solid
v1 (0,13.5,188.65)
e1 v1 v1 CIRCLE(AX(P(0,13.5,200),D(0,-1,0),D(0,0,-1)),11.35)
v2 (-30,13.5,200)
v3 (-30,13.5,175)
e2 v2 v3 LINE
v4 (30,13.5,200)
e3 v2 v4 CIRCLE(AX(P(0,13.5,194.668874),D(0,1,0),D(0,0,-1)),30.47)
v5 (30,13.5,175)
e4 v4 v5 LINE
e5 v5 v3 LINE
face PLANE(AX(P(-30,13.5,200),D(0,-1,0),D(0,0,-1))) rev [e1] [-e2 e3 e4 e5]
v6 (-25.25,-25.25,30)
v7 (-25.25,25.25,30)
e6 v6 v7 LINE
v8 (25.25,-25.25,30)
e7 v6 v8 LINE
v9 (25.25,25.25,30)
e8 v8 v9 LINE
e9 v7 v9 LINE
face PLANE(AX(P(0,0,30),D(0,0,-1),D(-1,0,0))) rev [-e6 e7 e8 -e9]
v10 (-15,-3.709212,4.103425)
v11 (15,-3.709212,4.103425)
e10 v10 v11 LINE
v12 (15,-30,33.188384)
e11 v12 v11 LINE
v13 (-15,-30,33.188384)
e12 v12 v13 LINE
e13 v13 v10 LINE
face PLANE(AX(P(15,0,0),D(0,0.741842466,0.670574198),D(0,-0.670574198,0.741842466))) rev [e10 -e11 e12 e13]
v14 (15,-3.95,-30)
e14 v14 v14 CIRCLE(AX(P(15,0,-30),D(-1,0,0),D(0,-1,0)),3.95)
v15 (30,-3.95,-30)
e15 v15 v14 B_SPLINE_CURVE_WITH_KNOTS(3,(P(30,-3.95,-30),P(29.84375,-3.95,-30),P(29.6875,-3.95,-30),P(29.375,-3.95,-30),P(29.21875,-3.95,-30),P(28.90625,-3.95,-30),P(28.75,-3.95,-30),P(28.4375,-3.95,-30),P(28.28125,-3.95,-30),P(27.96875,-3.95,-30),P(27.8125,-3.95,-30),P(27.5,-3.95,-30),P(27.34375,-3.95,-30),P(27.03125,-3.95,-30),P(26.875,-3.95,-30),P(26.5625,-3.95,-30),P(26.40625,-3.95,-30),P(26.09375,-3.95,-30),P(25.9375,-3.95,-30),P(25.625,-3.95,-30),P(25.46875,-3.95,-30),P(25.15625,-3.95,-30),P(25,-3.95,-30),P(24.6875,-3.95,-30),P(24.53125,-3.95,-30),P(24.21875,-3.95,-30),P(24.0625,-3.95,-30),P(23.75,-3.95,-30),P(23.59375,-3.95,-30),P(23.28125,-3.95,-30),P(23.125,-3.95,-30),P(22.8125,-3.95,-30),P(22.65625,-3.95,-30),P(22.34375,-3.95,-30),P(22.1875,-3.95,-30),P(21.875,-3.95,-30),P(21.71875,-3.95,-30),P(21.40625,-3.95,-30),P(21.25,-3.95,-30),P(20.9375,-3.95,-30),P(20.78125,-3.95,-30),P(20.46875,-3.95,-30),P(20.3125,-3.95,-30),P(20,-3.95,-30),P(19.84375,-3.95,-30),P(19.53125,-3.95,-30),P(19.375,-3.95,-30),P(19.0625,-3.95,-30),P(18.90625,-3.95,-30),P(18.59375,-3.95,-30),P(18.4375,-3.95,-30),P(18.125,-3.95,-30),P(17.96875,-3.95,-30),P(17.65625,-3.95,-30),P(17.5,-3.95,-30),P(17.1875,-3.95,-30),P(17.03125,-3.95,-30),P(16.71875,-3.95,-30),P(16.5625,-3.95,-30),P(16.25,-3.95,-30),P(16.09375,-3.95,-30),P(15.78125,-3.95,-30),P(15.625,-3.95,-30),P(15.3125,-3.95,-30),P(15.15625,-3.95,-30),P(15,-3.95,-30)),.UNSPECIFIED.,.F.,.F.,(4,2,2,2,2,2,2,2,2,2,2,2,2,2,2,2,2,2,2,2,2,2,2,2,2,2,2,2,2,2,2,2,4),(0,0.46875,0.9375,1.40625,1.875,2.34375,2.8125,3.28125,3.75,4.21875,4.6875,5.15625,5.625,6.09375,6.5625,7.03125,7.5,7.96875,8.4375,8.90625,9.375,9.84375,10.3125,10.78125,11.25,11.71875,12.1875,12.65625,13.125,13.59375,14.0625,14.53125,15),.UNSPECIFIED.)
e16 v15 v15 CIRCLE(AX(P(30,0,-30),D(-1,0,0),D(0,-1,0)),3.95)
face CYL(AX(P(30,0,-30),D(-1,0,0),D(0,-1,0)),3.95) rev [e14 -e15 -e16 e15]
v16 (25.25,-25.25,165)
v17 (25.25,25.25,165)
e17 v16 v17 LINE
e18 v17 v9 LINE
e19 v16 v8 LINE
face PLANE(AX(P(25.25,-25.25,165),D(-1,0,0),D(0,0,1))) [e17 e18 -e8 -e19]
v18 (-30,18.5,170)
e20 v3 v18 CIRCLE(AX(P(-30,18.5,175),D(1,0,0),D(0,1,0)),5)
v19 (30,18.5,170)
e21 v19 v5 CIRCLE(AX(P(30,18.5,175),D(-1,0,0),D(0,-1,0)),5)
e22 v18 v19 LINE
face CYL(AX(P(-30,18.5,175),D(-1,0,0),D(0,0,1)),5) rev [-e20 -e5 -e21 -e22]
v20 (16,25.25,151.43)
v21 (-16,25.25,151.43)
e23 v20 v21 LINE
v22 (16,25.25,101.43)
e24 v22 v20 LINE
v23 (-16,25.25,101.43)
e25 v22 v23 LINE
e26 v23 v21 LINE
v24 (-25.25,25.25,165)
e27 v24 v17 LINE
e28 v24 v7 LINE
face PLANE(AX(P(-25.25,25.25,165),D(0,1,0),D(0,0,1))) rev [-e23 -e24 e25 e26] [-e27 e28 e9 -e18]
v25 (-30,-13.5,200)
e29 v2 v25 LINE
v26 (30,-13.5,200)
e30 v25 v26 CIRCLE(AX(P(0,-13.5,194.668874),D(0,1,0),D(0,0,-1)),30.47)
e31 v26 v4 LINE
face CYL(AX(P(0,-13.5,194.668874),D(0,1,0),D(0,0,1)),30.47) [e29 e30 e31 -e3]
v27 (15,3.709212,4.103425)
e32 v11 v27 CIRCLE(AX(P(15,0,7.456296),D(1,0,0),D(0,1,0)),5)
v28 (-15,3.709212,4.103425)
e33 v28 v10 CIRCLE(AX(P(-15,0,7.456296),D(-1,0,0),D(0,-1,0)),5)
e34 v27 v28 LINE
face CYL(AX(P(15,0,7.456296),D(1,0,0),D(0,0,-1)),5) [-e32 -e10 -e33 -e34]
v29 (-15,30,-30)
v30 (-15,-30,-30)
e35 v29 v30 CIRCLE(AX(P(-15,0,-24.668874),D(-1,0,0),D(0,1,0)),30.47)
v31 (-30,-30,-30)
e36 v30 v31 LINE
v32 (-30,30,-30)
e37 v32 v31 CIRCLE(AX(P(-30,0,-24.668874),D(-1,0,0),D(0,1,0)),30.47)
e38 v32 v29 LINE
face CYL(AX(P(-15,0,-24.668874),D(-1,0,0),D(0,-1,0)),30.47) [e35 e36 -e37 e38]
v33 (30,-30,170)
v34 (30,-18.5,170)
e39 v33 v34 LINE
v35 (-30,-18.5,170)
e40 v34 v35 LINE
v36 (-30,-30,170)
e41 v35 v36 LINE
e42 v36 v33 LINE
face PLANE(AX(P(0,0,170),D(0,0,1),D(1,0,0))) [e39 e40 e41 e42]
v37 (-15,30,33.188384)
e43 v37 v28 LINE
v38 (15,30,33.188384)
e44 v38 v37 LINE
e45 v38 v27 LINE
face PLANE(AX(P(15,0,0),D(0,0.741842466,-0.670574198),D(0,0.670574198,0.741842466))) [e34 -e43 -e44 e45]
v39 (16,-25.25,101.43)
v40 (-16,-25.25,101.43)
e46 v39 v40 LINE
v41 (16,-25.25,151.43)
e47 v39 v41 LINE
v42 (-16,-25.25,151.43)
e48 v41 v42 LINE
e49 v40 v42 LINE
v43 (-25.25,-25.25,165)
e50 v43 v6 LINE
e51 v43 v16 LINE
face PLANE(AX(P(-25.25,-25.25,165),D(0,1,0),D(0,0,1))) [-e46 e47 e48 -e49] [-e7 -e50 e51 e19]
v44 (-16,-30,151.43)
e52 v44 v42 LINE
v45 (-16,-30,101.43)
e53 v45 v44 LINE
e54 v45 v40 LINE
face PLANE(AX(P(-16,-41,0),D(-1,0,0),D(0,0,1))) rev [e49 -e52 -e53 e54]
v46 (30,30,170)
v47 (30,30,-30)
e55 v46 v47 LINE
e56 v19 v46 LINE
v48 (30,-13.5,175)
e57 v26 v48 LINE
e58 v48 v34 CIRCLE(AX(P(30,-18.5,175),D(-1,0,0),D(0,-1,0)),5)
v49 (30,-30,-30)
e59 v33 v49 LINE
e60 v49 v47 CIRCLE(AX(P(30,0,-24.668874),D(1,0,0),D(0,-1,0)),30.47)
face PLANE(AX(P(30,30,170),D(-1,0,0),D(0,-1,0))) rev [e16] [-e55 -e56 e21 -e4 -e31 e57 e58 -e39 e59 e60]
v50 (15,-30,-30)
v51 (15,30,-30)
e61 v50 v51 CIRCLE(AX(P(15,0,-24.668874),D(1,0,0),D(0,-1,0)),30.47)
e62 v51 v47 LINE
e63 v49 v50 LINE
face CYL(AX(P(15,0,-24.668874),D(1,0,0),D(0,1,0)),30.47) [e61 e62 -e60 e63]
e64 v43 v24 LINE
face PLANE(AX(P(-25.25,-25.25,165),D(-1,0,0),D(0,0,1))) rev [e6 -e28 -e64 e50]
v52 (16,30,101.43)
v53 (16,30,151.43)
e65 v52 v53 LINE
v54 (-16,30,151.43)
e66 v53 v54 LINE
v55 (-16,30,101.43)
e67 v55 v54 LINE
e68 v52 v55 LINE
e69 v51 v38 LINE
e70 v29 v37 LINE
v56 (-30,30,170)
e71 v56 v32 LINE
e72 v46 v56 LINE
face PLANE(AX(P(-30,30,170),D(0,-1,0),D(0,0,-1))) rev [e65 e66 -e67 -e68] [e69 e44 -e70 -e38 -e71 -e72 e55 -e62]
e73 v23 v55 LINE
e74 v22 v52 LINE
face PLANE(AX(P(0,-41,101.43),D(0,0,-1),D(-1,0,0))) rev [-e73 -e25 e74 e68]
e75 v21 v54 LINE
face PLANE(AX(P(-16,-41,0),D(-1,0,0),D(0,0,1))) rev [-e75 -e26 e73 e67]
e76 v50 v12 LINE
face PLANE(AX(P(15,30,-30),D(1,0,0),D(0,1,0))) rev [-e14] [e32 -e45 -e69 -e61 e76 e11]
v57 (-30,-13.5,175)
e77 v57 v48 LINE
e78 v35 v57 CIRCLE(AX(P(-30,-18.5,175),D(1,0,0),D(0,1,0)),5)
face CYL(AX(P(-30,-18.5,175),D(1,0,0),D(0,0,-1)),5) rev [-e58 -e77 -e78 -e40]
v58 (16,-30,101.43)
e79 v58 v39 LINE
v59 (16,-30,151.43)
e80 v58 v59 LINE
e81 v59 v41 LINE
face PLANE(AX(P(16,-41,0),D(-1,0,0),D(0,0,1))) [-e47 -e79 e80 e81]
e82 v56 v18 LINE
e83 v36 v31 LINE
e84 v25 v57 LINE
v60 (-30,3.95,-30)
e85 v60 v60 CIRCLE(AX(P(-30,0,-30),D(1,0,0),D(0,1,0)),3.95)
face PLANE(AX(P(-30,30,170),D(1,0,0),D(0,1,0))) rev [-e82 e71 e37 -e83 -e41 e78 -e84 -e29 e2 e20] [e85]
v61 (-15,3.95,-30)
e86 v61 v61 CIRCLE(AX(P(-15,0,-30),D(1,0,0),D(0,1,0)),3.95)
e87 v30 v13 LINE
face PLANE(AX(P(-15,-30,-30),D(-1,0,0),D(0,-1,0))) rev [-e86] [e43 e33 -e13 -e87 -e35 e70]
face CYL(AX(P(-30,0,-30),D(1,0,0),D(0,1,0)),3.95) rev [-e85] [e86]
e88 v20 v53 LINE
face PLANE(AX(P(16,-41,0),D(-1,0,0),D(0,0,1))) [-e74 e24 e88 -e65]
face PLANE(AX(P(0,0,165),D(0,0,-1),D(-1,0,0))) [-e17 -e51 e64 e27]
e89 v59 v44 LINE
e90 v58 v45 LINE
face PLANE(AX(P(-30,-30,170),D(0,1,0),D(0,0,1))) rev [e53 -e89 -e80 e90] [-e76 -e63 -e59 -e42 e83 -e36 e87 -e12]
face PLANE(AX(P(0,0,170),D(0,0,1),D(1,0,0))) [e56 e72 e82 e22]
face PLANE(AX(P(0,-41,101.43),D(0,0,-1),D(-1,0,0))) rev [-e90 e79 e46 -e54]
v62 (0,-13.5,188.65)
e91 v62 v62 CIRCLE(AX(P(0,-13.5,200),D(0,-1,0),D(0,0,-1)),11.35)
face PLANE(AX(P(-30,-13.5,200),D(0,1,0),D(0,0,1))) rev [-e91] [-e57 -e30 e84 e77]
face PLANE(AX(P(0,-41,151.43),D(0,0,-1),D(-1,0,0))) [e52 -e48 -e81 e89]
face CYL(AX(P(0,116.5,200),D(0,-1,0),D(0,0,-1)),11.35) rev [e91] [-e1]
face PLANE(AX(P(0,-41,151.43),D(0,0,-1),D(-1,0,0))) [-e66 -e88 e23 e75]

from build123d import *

# Parameters (mm, degrees)
SKETCH2_W               = 60
SKETCH2_H               = 60
BOSS_EXTRUDE1_DEPTH     = 170
SKETCH3_W               = 15
SKETCH3_H               = 60
BOSS_EXTRUDE2_DEPTH     = 30
BOSS_EXTRUDE3_DEPTH     = 15
BOSS_EXTRUDE4_START     = -15
BOSS_EXTRUDE4_DEPTH     = 15
SKETCH6_W               = 60
SKETCH6_H               = 27
BOSS_EXTRUDE5_DEPTH     = 30
BOSS_EXTRUDE6_DEPTH     = 27
CUT_EXTRUDE2_DEPTH      = 5
CUT_EXTRUDE2_DEPTH_BACK = 130
CUT_EXTRUDE2_START      = -10
SKETCH8_W               = 50.5
SKETCH8_H               = 50.5
SKETCH9_R               = 11.35
CUT_EXTRUDE3_DEPTH      = 130
SKETCH11_R              = 3.95
CUT_EXTRUDE4_DEPTH      = 232.543759953
SKETCH12_R              = 3.95
CUT_EXTRUDE5_DEPTH      = 232.543759953
CUT_EXTRUDE7_DEPTH      = 30
FILLET2_R               = 5
FILLET3_R               = 5
SKETCH16_W              = 16
SKETCH16_H              = 11.5
CUT_EXTRUDE8_DEPTH      = 71


with BuildPart() as part:
    # Sketch2 → Boss-Extrude1 (new body)
    with BuildSketch(Plane.XY):
        Rectangle(SKETCH2_W, SKETCH2_H)
    extrude(amount=BOSS_EXTRUDE1_DEPTH)

    # Sketch3 → Boss-Extrude2 (add)
    with BuildSketch(Plane(origin=(0, 0, 0), x_dir=(-1, 0, 0), z_dir=(0, 0, -1))):
        with Locations((22.5, 0)):
            Rectangle(SKETCH3_W, SKETCH3_H)
        with Locations((-22.5, 0)):
            Rectangle(SKETCH3_W, SKETCH3_H)
    extrude(amount=BOSS_EXTRUDE2_DEPTH)

    # Sketch4 → Boss-Extrude3 (add)
    with BuildSketch(Plane(origin=(30, 0, 0), x_dir=(0, 0, -1), z_dir=(1, 0, 0))):
        with BuildLine():
            Line((30, 30), (30, -30))
            ThreePointArc((30, -30), (55.138874415, 0), (30, 30))
        make_face()
    extrude(amount=-BOSS_EXTRUDE3_DEPTH)

    # Sketch5 → Boss-Extrude4 (add)
    with BuildSketch(Plane.ZY.offset(30).offset(BOSS_EXTRUDE4_START)):
        with BuildLine():
            Line((-30, -30), (-30, 30))
            ThreePointArc((-30, 30), (-55.138874415, 0), (-30, -30))
        make_face()
    extrude(amount=BOSS_EXTRUDE4_DEPTH)

    # Sketch6 → Boss-Extrude5 (add)
    with BuildSketch(Plane.XY.offset(170)):
        Rectangle(SKETCH6_W, SKETCH6_H)
    extrude(amount=BOSS_EXTRUDE5_DEPTH)

    # Sketch7 → Boss-Extrude6 (add)
    with BuildSketch(Plane(origin=(0, 13.5, 0), x_dir=(1, 0, 0), z_dir=(0, 1, 0))):
        with BuildLine():
            Line((30, -200), (-30, -200))
            ThreePointArc((-30, -200), (0, -225.138874415), (30, -200))
        make_face()
    extrude(amount=-BOSS_EXTRUDE6_DEPTH)

    # Sketch8 → Cut-Extrude2 (cut, two sides: drawn at the far end of the back side and taken through both)
    with BuildSketch(Plane.XY.offset(170).offset(CUT_EXTRUDE2_START - CUT_EXTRUDE2_DEPTH_BACK)):
        Rectangle(SKETCH8_W, SKETCH8_H)
    extrude(amount=CUT_EXTRUDE2_DEPTH + CUT_EXTRUDE2_DEPTH_BACK, mode=Mode.SUBTRACT)

    # Sketch9 → Cut-Extrude3 (cut)
    with BuildSketch(Plane(origin=(0, -13.5, 0), x_dir=(-1, 0, 0), z_dir=(0, -1, 0))):
        with Locations(Location((0, -200, 0), (0, 0, 90))):
            Circle(SKETCH9_R)
    extrude(amount=-CUT_EXTRUDE3_DEPTH, mode=Mode.SUBTRACT)

    # Sketch11 → Cut-Extrude4 (cut, through all)
    with BuildSketch(Plane.ZY.offset(-15)):
        with Locations(Location((-30, 0, 0), (0, 0, 270))):
            Circle(SKETCH11_R)
    extrude(amount=-CUT_EXTRUDE4_DEPTH, mode=Mode.SUBTRACT)

    # Sketch12 → Cut-Extrude5 (cut, through all)
    with BuildSketch(Plane(origin=(-15, 0, 0), x_dir=(0, 0, -1), z_dir=(1, 0, 0))):
        with Locations(Location((30, 0, 0), (0, 0, 270))):
            Circle(SKETCH12_R)
    extrude(amount=-CUT_EXTRUDE5_DEPTH, mode=Mode.SUBTRACT)

    # Sketch14 → Cut-Extrude7 (cut)
    with BuildSketch(Plane(origin=(-15, 0, 0), x_dir=(0, 0, -1), z_dir=(1, 0, 0))):
        Polygon((0, -30), (0, 0), (-33.188384016, -30), align=None)
        Polygon((-33.188384016, 30), (0, 0), (0, 30), align=None)
    extrude(amount=CUT_EXTRUDE7_DEPTH, mode=Mode.SUBTRACT)

    # Fillet2
    fillet2_edges = [part.edges().sort_by_distance(p)[0] for p in [
        (0, 0, 0),
    ]]
    fillet(fillet2_edges, radius=FILLET2_R)

    # Fillet3
    fillet3_edges = [part.edges().sort_by_distance(p)[0] for p in [
        (0, 13.5, 170),
        (0, -13.5, 170),
    ]]
    fillet(fillet3_edges, radius=FILLET3_R)

    # Sketch16 → Cut-Extrude8 (cut)
    with BuildSketch(Plane(origin=(0, 30, 0), x_dir=(1, 0, 0), z_dir=(0, 1, 0))):
        Polygon((16, -151.43), (16, -101.43), (-16, -101.43), (-16, -139.93), (0, -139.93), (0, -151.43), align=None)
        with Locations((-8, -145.68)):
            Rectangle(SKETCH16_W, SKETCH16_H)
    extrude(amount=-CUT_EXTRUDE8_DEPTH, mode=Mode.SUBTRACT)


solid = part.part
